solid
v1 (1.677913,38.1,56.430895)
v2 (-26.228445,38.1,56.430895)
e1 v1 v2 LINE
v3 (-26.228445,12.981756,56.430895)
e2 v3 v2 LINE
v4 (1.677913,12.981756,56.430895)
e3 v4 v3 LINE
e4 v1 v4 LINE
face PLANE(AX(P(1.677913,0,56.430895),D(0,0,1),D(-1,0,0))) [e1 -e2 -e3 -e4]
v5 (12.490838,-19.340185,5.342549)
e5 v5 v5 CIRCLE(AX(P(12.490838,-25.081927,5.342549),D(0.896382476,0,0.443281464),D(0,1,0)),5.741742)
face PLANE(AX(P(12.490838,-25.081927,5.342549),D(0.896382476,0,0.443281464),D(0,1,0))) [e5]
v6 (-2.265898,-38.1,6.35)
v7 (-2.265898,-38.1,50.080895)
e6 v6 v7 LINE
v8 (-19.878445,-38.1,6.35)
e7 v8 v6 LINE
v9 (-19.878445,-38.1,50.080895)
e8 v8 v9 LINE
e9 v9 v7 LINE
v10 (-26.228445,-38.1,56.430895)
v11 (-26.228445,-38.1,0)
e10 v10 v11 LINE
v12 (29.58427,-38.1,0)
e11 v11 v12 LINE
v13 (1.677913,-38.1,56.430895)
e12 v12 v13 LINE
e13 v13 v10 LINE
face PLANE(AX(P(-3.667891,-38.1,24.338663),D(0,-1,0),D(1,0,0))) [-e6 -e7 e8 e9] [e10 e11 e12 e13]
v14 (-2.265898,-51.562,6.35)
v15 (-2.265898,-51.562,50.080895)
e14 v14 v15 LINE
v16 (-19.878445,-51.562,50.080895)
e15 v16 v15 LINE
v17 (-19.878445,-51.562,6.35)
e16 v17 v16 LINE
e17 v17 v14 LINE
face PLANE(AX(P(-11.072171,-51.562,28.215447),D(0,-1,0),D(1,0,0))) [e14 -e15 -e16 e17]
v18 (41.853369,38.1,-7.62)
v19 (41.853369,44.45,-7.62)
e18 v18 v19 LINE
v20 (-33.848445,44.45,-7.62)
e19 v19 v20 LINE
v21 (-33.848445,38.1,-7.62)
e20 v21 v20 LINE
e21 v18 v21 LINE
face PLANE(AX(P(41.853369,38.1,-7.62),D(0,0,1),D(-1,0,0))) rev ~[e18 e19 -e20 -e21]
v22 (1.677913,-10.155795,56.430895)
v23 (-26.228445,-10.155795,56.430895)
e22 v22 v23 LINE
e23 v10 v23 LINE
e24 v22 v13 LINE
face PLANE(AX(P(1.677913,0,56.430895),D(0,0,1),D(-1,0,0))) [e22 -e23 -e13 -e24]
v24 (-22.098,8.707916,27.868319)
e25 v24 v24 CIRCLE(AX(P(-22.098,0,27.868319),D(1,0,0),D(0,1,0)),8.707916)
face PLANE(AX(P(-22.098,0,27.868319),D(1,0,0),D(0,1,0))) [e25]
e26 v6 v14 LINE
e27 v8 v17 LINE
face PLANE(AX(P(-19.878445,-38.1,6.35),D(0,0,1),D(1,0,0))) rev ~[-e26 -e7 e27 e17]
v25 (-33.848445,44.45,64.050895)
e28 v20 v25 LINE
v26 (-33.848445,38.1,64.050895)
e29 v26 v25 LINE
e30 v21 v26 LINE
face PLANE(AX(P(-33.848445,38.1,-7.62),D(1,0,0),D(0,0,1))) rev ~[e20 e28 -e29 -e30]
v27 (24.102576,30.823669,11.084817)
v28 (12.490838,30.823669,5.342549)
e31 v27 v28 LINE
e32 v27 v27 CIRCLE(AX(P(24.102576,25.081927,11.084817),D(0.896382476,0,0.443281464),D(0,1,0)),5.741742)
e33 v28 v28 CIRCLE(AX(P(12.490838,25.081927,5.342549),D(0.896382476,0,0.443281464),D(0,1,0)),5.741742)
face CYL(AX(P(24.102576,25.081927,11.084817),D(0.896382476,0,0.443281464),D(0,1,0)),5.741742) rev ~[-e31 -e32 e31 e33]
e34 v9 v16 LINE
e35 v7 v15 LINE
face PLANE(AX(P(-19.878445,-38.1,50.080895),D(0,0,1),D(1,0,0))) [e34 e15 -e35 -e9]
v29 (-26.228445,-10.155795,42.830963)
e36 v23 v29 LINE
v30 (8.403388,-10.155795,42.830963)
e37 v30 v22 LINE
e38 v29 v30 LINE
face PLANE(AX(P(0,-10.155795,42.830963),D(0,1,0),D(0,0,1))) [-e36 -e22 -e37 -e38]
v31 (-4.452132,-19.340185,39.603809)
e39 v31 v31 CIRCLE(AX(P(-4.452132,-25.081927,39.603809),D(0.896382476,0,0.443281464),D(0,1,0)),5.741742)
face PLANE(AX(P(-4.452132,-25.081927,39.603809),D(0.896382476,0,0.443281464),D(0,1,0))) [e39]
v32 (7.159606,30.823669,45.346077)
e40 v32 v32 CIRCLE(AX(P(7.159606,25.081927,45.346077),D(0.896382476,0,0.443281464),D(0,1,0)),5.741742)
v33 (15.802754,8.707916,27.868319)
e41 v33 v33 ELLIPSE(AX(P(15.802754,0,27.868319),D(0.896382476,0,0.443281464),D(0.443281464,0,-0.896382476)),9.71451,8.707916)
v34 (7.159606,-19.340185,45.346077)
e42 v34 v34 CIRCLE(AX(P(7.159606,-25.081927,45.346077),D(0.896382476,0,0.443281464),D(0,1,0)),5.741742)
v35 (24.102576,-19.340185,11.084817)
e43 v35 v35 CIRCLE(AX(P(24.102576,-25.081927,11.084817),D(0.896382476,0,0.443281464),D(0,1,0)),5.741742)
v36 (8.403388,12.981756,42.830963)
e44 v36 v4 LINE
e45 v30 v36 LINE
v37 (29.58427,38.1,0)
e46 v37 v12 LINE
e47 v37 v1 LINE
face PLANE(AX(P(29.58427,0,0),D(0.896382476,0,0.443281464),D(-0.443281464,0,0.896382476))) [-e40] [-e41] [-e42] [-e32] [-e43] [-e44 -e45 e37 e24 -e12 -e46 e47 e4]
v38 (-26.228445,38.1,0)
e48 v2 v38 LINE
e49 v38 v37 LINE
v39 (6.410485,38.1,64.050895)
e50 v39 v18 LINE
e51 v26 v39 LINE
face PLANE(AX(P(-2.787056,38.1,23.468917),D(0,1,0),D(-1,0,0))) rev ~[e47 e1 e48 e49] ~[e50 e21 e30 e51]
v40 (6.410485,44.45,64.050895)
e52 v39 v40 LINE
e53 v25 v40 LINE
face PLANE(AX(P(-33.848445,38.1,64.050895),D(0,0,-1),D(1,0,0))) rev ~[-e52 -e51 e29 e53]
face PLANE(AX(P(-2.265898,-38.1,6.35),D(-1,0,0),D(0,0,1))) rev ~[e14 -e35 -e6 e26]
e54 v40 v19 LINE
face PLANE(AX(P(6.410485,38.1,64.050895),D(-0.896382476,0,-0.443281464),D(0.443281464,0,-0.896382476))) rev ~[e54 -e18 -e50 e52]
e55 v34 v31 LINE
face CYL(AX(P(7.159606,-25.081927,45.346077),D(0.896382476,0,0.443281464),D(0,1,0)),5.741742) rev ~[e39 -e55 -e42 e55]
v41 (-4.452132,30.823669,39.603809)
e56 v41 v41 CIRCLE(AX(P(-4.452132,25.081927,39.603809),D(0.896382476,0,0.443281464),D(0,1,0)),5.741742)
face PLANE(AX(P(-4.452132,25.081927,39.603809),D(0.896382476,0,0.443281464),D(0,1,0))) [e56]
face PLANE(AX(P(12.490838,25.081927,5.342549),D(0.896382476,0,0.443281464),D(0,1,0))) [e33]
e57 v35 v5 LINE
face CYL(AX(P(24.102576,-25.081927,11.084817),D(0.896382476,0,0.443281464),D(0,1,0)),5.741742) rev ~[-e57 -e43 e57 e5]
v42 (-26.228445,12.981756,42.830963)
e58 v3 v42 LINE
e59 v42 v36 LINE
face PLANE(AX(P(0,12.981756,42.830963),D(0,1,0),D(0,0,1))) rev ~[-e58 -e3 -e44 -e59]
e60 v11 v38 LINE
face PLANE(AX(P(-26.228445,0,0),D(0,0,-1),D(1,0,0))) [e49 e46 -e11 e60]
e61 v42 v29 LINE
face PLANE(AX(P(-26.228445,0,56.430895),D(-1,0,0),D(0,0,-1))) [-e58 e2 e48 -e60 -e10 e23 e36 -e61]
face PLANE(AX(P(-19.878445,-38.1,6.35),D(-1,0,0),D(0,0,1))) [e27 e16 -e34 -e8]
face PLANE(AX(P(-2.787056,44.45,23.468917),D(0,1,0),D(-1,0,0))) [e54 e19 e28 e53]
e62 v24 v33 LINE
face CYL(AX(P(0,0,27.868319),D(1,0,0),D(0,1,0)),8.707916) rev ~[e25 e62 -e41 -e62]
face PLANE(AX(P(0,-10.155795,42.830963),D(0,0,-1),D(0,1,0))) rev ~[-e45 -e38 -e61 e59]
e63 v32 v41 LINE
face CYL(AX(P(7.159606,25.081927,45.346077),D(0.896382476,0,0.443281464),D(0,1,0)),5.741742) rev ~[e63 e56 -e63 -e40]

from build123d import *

# Parameters (mm, degrees)
F1_DEPTH  = 38.1
F2_R      = 8.7079162596
F3_DEPTH  = 22.098
F5_DEPTH  = 6.35
F6_R      = 5.7417418986
F7_DEPTH  = 12.954
F8_W      = 23.137550801
F8_H      = 13.5999321938
F9_DEPTH  = 28.448
F10_W     = 17.6125467173
F10_H     = 43.7308948815
F11_DEPTH = 13.462


with BuildPart() as f1:
    # F0 (on Front) → F1 (new body, symmetric)
    with BuildSketch(Plane.XZ):
        Polygon((-26.2284446508, 0), (29.5842699707, 0), (1.6779126599, 56.4308948815), (-26.2284446508, 56.4308948815), align=None)
    extrude(amount=F1_DEPTH, both=True)

    # F2 (on Right) → F3 (cut, symmetric)
    with BuildSketch(Plane.YZ):
        with Locations((0, 27.8683193028)):
            Circle(F2_R)
    extrude(amount=F3_DEPTH, both=True, mode=Mode.SUBTRACT)

    # F4 (on face) → F5 (join)
    with BuildSketch(Plane(origin=(0, 38.1, 0), x_dir=(-1, 0, 0), z_dir=(0, 1, 0))):
        Polygon((33.8484448314, 64.0508950621), (-6.4104854842, 64.0508950621), (-41.8533686003, -7.6200001806), (33.8484448314, -7.6200001806), align=None)
    extrude(amount=F5_DEPTH)

    # F6 (on face) → F7 (cut)
    with BuildSketch(Plane(origin=(23.7710066009, 0, 11.7553018649), x_dir=(0, 1, 0), z_dir=(0.8963824764, 0, 0.4432814636))):
        with Locations((-25.0819269568, 37.4737083912)):
            Circle(F6_R)
        with Locations((25.0819269568, 37.4737083912)):
            Circle(F6_R)
        with Locations((-25.0819269568, -0.7479891615)):
            Circle(F6_R)
        with Locations((25.0819269568, -0.7479891615)):
            Circle(F6_R)
    extrude(amount=-F7_DEPTH, mode=Mode.SUBTRACT)

    # F8 (on Right) → F9 (cut, symmetric)
    with BuildSketch(Plane.YZ):
        with Locations((1.4129802585, 49.6309287846)):
            Rectangle(F8_W, F8_H)
    extrude(amount=F9_DEPTH, both=True, mode=Mode.SUBTRACT)

    # F10 (on face) → F11 (join)
    with BuildSketch(Plane.XZ.offset(38.1)):
        with Locations((-11.0721712921, 28.2154474407)):
            Rectangle(F10_W, F10_H)
    extrude(amount=F11_DEPTH)


solid = f1.part
